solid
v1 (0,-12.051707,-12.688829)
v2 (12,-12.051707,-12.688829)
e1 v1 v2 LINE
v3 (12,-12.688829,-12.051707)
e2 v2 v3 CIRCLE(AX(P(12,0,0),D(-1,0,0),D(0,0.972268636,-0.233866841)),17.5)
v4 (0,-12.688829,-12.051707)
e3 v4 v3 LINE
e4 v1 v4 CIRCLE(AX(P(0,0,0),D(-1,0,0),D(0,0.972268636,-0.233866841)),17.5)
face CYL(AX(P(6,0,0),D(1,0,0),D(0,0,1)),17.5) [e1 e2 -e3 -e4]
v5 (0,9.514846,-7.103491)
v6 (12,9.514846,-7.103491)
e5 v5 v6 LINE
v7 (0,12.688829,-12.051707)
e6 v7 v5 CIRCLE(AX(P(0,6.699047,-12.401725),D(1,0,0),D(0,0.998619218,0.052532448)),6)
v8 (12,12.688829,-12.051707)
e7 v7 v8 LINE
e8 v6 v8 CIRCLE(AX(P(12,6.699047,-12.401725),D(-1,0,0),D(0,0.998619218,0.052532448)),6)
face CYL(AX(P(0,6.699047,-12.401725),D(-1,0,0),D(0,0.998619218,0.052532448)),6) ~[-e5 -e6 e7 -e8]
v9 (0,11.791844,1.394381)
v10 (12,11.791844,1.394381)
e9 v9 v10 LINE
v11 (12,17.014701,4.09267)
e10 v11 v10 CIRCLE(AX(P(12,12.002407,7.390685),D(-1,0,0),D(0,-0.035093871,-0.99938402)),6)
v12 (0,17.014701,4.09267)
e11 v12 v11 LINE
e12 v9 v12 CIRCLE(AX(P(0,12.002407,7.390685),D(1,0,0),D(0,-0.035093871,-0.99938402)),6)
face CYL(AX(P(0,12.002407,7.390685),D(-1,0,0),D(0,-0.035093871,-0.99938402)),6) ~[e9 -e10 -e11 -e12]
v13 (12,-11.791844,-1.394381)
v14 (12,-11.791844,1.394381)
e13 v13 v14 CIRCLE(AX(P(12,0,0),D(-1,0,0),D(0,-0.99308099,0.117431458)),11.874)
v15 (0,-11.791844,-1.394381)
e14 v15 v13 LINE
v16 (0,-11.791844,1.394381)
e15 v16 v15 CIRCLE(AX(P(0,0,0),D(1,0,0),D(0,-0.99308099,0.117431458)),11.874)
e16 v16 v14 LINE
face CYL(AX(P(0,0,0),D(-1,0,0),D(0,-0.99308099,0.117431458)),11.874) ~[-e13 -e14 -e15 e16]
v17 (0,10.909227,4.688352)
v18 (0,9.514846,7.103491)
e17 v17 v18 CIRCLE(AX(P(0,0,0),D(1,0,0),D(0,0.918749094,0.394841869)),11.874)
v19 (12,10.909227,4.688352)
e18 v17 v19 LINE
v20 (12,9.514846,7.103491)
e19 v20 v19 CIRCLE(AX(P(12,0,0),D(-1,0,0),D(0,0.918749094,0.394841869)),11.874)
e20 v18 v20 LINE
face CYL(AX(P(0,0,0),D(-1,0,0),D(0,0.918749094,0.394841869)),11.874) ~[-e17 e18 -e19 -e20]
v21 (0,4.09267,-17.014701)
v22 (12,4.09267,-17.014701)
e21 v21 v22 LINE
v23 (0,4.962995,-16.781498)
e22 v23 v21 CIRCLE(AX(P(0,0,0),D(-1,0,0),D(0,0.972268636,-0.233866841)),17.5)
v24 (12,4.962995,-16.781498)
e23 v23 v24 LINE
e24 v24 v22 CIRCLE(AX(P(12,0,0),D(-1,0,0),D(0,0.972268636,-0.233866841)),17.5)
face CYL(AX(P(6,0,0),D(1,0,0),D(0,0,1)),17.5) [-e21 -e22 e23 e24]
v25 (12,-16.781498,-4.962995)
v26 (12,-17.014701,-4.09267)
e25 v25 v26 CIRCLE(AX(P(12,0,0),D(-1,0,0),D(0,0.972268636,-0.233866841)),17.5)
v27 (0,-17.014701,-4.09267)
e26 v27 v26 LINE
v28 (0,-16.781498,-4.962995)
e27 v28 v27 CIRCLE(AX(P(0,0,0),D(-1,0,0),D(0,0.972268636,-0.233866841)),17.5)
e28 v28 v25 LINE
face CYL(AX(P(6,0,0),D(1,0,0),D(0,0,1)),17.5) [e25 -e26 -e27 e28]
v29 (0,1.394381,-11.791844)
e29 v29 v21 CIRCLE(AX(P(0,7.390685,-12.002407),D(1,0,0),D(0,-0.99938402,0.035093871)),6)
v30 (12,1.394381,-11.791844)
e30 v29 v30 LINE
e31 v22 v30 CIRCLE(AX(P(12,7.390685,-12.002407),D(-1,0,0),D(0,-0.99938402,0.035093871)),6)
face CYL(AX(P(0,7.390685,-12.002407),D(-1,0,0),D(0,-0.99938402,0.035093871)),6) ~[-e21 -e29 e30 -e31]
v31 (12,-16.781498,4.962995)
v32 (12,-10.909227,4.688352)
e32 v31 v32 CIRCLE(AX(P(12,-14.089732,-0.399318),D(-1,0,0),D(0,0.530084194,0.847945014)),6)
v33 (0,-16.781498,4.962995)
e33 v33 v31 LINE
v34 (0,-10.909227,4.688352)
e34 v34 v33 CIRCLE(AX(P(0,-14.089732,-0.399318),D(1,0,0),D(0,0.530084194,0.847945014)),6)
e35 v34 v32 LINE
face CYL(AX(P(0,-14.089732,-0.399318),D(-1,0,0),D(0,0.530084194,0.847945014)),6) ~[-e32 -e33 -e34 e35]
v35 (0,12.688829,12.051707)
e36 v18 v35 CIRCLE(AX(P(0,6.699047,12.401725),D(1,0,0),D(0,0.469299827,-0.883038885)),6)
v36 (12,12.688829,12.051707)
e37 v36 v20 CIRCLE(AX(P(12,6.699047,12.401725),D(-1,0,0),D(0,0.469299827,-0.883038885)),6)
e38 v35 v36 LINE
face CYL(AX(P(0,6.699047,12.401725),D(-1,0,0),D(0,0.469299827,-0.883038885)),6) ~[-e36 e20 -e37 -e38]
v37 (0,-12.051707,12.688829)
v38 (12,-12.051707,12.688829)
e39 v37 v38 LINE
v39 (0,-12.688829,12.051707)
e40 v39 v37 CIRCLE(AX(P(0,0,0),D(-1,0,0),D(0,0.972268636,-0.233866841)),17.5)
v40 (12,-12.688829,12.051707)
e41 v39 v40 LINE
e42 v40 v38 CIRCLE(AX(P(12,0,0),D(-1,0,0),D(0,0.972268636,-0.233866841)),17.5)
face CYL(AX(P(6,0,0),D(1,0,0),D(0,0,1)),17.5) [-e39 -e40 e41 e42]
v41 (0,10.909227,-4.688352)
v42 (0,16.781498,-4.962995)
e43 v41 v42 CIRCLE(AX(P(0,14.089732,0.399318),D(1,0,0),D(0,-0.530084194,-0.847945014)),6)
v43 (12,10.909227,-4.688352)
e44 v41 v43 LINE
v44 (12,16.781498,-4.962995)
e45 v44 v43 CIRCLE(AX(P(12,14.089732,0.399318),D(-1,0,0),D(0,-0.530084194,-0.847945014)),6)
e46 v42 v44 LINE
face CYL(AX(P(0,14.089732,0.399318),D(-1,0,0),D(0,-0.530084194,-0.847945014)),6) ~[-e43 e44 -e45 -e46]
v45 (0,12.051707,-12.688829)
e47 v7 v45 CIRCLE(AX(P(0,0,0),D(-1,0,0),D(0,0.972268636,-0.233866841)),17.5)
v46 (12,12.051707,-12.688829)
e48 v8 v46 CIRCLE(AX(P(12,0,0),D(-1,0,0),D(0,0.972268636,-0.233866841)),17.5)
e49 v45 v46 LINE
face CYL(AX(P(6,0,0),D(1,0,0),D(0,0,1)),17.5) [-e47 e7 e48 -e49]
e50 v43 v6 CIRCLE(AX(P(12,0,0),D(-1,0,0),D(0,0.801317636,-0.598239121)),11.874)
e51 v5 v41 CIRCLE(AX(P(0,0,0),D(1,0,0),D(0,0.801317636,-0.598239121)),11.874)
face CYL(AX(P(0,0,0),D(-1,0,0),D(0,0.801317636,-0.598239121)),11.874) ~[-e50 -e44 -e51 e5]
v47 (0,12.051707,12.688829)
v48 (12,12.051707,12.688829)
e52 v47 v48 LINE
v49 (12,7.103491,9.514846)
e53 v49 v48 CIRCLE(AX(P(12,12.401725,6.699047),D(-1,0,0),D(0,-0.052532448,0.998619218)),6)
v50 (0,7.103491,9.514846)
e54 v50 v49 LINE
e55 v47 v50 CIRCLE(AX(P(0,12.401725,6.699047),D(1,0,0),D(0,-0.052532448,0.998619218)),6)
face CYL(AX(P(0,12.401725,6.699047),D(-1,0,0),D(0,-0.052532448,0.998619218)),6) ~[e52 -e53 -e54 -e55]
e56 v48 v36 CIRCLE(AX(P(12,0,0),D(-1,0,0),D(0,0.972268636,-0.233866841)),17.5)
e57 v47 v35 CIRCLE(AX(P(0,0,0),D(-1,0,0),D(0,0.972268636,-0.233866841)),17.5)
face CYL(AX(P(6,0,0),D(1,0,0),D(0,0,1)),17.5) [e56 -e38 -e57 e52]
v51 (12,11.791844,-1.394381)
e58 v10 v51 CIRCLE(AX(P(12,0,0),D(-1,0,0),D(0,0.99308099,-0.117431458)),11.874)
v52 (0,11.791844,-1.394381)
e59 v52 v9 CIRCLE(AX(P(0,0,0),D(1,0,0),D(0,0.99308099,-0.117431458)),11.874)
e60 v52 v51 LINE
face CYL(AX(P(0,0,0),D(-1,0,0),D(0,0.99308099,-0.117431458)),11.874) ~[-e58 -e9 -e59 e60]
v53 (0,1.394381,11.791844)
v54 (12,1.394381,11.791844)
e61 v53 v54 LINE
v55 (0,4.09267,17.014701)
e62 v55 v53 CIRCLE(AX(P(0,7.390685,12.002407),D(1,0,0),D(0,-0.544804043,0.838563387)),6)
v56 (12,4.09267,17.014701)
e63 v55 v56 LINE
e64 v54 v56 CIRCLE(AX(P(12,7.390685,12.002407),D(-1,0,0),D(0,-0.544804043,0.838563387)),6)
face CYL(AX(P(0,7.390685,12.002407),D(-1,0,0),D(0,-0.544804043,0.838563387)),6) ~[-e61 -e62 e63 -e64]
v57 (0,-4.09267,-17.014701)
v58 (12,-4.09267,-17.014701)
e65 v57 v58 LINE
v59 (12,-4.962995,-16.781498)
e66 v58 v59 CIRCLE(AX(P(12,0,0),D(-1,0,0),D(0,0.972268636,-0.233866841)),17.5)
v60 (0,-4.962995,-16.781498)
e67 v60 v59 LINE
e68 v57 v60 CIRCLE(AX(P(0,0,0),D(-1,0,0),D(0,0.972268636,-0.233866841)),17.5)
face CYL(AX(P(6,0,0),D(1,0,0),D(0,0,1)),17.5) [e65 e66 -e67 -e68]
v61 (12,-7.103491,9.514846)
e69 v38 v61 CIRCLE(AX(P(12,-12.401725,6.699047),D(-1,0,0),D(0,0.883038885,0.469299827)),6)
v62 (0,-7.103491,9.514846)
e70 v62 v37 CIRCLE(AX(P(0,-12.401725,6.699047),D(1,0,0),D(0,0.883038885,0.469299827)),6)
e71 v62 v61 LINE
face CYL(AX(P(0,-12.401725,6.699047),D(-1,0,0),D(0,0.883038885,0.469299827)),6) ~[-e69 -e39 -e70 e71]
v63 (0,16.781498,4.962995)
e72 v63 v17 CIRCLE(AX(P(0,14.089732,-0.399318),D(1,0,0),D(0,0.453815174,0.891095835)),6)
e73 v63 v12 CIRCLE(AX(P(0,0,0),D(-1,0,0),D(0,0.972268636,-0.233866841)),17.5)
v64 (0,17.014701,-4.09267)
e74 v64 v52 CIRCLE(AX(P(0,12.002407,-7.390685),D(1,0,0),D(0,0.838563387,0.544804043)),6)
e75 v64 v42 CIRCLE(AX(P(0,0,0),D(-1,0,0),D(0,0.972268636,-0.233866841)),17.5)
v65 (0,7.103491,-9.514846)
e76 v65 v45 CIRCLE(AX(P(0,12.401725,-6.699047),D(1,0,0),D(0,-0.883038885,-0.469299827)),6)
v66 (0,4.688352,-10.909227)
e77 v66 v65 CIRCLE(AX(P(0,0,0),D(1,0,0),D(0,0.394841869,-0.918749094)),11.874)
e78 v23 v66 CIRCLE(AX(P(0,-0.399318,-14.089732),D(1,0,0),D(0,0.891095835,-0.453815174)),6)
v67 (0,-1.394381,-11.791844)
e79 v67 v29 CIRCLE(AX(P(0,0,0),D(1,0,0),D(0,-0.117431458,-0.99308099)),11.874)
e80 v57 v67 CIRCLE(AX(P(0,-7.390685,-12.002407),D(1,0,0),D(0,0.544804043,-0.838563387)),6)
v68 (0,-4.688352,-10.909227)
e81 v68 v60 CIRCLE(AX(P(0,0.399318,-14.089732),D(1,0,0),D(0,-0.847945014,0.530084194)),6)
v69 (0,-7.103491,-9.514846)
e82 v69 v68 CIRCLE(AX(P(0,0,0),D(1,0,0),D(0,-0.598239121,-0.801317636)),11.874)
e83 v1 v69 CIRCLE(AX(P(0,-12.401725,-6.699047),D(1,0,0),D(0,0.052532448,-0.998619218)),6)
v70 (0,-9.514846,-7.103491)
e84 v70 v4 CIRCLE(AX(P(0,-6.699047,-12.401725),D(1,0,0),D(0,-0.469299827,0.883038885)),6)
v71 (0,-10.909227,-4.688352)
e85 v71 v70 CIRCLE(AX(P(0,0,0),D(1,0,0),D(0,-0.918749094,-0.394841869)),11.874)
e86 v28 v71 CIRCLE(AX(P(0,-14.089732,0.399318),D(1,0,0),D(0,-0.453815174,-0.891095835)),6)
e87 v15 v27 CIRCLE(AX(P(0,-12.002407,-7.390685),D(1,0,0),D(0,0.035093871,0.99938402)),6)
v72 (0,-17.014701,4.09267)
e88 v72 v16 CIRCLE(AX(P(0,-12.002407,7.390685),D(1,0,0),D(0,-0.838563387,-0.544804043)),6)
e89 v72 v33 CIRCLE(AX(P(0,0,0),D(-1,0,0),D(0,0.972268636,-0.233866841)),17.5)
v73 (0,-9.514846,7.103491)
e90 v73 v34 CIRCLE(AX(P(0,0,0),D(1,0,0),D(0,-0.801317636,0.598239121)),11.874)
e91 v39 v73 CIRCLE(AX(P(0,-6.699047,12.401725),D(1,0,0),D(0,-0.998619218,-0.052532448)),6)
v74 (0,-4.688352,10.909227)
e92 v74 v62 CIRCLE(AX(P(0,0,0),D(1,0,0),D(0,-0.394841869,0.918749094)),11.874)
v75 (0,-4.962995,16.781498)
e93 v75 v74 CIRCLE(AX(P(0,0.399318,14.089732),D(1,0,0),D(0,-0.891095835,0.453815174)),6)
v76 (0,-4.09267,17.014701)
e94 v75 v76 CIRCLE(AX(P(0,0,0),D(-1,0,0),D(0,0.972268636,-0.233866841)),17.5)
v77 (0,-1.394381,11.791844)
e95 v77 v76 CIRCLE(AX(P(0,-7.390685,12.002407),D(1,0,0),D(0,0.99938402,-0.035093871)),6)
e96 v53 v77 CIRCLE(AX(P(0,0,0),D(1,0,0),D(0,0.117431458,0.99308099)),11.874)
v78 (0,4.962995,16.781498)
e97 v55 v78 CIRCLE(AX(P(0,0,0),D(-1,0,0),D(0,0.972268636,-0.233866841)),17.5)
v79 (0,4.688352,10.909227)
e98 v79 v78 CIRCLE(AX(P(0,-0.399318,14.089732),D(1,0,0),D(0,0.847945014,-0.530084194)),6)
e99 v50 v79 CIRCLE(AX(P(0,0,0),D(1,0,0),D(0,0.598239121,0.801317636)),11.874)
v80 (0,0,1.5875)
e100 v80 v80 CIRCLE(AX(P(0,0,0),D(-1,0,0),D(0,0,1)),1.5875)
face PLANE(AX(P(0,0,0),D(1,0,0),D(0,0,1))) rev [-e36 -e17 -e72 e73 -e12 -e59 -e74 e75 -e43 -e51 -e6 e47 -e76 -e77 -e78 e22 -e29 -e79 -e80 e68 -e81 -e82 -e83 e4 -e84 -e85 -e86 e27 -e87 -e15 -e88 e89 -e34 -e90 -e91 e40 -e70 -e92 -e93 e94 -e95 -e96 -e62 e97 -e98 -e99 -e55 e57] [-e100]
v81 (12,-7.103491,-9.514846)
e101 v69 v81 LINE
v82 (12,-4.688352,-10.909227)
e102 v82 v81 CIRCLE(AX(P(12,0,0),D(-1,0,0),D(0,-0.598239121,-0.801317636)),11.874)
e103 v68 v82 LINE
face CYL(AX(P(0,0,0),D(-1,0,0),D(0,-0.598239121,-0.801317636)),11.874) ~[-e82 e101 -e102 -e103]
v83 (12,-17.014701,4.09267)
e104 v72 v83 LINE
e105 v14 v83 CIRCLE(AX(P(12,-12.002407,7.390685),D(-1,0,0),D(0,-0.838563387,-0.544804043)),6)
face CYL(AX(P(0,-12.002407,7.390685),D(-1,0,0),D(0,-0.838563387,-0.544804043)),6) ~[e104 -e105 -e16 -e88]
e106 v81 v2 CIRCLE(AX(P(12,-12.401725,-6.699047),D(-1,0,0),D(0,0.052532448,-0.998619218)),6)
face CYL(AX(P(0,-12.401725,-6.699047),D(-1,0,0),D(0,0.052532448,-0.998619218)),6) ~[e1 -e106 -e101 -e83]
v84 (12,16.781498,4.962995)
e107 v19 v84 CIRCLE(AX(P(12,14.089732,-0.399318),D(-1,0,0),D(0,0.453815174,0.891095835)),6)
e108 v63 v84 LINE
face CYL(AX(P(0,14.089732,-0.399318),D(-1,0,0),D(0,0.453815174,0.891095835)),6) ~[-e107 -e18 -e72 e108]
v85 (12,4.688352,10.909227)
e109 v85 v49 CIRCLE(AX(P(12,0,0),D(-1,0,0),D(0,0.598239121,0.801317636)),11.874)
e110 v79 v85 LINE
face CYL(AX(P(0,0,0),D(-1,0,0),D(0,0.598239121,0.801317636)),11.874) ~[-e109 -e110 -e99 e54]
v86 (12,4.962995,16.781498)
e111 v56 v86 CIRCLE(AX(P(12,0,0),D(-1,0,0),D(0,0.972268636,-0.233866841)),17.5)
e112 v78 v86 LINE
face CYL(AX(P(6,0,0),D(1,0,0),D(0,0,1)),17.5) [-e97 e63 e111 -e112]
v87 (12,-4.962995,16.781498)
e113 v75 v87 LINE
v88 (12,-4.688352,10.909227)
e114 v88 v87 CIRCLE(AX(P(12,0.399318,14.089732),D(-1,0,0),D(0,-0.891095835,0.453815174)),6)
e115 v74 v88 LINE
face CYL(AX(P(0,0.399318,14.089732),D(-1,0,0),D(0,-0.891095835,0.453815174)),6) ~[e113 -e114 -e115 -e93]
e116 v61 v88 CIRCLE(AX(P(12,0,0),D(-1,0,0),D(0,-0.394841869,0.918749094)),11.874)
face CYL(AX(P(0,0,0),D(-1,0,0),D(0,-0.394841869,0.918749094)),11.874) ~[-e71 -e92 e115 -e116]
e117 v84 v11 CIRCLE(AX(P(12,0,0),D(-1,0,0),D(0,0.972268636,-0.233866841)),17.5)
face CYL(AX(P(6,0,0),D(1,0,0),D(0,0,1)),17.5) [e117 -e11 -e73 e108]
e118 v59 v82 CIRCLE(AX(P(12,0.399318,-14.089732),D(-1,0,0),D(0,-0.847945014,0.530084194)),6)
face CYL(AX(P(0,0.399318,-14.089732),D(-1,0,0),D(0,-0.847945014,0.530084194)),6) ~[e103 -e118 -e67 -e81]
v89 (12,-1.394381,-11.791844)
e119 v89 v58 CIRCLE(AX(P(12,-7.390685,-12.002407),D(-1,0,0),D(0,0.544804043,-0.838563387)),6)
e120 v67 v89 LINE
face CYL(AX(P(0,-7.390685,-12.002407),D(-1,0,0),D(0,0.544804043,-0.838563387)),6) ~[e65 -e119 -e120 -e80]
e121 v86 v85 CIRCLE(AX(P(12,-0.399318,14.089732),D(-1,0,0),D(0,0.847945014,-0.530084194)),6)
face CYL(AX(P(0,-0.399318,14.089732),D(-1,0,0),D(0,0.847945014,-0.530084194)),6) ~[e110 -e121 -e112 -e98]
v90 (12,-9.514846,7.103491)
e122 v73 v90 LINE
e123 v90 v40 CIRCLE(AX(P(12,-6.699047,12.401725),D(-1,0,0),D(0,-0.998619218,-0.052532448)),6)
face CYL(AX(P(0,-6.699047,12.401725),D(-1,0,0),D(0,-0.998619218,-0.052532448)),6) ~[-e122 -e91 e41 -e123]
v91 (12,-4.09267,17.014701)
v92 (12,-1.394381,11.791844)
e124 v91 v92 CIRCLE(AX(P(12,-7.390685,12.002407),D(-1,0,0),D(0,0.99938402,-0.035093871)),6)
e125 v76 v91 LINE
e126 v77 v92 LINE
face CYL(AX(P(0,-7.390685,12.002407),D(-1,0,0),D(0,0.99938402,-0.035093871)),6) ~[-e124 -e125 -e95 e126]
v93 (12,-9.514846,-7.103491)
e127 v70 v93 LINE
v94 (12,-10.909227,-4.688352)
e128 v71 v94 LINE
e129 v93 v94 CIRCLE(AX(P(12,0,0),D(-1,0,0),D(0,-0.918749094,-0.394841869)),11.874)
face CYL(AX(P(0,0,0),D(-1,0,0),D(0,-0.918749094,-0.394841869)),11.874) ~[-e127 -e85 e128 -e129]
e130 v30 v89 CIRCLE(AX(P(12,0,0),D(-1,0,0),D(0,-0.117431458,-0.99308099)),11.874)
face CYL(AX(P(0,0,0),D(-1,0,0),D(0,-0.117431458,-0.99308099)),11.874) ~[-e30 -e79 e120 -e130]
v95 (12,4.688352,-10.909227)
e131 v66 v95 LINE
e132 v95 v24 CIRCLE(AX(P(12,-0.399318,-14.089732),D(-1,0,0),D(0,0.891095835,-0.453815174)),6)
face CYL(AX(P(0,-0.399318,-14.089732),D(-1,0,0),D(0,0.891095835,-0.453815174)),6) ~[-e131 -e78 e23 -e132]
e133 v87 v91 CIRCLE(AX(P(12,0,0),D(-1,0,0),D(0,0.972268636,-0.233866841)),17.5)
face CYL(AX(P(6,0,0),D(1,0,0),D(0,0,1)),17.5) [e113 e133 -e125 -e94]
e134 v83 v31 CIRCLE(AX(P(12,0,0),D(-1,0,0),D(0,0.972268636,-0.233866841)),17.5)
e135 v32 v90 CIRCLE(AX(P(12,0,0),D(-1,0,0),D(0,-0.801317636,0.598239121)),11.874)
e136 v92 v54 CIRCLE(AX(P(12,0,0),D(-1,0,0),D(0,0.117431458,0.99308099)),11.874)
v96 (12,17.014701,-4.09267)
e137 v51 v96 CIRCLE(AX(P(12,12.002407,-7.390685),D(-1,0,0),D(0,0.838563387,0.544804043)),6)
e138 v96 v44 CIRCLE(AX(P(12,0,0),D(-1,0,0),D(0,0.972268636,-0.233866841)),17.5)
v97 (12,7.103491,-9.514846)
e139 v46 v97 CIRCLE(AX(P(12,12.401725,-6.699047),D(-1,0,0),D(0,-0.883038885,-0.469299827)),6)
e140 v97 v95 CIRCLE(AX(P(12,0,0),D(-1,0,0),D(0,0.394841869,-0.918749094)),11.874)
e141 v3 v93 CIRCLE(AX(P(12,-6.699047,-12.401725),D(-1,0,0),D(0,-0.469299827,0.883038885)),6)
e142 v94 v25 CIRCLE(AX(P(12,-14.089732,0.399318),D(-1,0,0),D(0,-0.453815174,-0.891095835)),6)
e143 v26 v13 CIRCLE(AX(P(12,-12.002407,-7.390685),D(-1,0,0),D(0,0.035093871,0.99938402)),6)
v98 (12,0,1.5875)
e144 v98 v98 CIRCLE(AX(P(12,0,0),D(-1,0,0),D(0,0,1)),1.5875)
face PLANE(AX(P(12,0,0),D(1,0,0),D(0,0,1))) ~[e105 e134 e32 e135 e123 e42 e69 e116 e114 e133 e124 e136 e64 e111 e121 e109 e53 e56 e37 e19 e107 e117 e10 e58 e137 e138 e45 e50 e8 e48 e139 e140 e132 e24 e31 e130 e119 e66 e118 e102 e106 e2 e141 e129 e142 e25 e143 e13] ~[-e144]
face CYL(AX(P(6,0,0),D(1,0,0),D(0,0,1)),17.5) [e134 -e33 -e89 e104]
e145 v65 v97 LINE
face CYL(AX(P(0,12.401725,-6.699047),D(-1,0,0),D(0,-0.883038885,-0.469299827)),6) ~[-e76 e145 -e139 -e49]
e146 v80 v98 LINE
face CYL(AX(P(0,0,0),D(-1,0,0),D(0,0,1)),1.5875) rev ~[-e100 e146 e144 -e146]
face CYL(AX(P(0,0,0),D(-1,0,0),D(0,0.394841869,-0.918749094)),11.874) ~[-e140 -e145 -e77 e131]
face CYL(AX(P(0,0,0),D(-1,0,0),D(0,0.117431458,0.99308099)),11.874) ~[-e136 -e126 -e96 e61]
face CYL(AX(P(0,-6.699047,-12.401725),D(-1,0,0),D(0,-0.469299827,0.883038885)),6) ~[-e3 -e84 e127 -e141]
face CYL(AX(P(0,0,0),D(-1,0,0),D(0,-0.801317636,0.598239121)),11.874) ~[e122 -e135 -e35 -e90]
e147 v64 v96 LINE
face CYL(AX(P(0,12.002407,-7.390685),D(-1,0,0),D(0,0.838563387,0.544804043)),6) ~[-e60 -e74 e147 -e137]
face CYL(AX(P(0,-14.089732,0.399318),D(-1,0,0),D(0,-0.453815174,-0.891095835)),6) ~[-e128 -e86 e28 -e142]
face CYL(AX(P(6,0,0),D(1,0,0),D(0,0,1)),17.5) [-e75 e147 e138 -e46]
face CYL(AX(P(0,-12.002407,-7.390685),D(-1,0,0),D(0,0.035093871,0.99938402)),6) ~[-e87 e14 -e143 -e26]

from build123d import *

# Parameters (mm, degrees)
BASPROSKE_W           = 12
BASPROSKE_H           = 17.5
TOOTHCUT_DEPTH        = 28.504545079
TEETHCUTS_COUNT       = 12
TEETHCUTS_ANGLE       = 330
BORSKE_R              = 1.5
BORE_DEPTH            = 50.0000508
CROQUIS1_R            = 1.5875
CORTAR_EXTRUIR1_DEPTH = 27.88866135


with BuildPart() as part:
    # BasProSke → Base-Revolve (revolve)
    with BuildSketch(Plane(origin=(0, 0, 0), x_dir=(1, 0, 0), z_dir=(0, 1, 0)), mode=Mode.PRIVATE) as base_revolve_sk:
        with Locations((6, 8.75)):
            Rectangle(BASPROSKE_W, BASPROSKE_H)
    revolve(base_revolve_sk.sketch.rotate(Axis((-10, 0, 0), (1, 0, 0)), 180), axis=Axis((-10, 0, 0), (1, 0, 0)))

    # TooCutSke → ToothCut (cut, through all)
    with BuildSketch(Plane(origin=(0, 0, 0), x_dir=(0, 0, -1), z_dir=(1, 0, 0))):
        with BuildLine():
            ThreePointArc((1.394381134, 11.791843675), (0, 11.874), (-1.394381134, 11.791843675))
            ThreePointArc((-1.394381134, 11.791843675), (-2.068078374, 14.771857381), (-4.121860996, 17.033787221))
            ThreePointArc((-4.121860996, 17.033787221), (0, 17.5254), (4.121860996, 17.033787221))
            ThreePointArc((4.121860996, 17.033787221), (2.068078374, 14.771857381), (1.394381134, 11.791843675))
        make_face()
    toothcut = extrude(amount=TOOTHCUT_DEPTH, mode=Mode.SUBTRACT)

    # TeethCuts: ToothCut ×12 about axis
    teethcuts_axis = Axis((-10, 0, 0), (1, 0, 0))
    for i in range(1, TEETHCUTS_COUNT):
        add(toothcut.rotate(teethcuts_axis, i * TEETHCUTS_ANGLE / (TEETHCUTS_COUNT - 1)), mode=Mode.SUBTRACT)

    # BorSke → Bore (cut, symmetric)
    with BuildSketch(Plane(origin=(0, 0, 0), x_dir=(0, 0, -1), z_dir=(1, 0, 0))):
        with Locations(Location((0, 0, 0), (0, 0, 180))):
            Circle(BORSKE_R)
    extrude(amount=BORE_DEPTH, both=True, mode=Mode.SUBTRACT)

    # Croquis1 → Cortar-Extruir1 (cut, through all)
    with BuildSketch(Plane.ZY):
        Circle(CROQUIS1_R)
    extrude(amount=-CORTAR_EXTRUIR1_DEPTH, mode=Mode.SUBTRACT)


solid = part.part
